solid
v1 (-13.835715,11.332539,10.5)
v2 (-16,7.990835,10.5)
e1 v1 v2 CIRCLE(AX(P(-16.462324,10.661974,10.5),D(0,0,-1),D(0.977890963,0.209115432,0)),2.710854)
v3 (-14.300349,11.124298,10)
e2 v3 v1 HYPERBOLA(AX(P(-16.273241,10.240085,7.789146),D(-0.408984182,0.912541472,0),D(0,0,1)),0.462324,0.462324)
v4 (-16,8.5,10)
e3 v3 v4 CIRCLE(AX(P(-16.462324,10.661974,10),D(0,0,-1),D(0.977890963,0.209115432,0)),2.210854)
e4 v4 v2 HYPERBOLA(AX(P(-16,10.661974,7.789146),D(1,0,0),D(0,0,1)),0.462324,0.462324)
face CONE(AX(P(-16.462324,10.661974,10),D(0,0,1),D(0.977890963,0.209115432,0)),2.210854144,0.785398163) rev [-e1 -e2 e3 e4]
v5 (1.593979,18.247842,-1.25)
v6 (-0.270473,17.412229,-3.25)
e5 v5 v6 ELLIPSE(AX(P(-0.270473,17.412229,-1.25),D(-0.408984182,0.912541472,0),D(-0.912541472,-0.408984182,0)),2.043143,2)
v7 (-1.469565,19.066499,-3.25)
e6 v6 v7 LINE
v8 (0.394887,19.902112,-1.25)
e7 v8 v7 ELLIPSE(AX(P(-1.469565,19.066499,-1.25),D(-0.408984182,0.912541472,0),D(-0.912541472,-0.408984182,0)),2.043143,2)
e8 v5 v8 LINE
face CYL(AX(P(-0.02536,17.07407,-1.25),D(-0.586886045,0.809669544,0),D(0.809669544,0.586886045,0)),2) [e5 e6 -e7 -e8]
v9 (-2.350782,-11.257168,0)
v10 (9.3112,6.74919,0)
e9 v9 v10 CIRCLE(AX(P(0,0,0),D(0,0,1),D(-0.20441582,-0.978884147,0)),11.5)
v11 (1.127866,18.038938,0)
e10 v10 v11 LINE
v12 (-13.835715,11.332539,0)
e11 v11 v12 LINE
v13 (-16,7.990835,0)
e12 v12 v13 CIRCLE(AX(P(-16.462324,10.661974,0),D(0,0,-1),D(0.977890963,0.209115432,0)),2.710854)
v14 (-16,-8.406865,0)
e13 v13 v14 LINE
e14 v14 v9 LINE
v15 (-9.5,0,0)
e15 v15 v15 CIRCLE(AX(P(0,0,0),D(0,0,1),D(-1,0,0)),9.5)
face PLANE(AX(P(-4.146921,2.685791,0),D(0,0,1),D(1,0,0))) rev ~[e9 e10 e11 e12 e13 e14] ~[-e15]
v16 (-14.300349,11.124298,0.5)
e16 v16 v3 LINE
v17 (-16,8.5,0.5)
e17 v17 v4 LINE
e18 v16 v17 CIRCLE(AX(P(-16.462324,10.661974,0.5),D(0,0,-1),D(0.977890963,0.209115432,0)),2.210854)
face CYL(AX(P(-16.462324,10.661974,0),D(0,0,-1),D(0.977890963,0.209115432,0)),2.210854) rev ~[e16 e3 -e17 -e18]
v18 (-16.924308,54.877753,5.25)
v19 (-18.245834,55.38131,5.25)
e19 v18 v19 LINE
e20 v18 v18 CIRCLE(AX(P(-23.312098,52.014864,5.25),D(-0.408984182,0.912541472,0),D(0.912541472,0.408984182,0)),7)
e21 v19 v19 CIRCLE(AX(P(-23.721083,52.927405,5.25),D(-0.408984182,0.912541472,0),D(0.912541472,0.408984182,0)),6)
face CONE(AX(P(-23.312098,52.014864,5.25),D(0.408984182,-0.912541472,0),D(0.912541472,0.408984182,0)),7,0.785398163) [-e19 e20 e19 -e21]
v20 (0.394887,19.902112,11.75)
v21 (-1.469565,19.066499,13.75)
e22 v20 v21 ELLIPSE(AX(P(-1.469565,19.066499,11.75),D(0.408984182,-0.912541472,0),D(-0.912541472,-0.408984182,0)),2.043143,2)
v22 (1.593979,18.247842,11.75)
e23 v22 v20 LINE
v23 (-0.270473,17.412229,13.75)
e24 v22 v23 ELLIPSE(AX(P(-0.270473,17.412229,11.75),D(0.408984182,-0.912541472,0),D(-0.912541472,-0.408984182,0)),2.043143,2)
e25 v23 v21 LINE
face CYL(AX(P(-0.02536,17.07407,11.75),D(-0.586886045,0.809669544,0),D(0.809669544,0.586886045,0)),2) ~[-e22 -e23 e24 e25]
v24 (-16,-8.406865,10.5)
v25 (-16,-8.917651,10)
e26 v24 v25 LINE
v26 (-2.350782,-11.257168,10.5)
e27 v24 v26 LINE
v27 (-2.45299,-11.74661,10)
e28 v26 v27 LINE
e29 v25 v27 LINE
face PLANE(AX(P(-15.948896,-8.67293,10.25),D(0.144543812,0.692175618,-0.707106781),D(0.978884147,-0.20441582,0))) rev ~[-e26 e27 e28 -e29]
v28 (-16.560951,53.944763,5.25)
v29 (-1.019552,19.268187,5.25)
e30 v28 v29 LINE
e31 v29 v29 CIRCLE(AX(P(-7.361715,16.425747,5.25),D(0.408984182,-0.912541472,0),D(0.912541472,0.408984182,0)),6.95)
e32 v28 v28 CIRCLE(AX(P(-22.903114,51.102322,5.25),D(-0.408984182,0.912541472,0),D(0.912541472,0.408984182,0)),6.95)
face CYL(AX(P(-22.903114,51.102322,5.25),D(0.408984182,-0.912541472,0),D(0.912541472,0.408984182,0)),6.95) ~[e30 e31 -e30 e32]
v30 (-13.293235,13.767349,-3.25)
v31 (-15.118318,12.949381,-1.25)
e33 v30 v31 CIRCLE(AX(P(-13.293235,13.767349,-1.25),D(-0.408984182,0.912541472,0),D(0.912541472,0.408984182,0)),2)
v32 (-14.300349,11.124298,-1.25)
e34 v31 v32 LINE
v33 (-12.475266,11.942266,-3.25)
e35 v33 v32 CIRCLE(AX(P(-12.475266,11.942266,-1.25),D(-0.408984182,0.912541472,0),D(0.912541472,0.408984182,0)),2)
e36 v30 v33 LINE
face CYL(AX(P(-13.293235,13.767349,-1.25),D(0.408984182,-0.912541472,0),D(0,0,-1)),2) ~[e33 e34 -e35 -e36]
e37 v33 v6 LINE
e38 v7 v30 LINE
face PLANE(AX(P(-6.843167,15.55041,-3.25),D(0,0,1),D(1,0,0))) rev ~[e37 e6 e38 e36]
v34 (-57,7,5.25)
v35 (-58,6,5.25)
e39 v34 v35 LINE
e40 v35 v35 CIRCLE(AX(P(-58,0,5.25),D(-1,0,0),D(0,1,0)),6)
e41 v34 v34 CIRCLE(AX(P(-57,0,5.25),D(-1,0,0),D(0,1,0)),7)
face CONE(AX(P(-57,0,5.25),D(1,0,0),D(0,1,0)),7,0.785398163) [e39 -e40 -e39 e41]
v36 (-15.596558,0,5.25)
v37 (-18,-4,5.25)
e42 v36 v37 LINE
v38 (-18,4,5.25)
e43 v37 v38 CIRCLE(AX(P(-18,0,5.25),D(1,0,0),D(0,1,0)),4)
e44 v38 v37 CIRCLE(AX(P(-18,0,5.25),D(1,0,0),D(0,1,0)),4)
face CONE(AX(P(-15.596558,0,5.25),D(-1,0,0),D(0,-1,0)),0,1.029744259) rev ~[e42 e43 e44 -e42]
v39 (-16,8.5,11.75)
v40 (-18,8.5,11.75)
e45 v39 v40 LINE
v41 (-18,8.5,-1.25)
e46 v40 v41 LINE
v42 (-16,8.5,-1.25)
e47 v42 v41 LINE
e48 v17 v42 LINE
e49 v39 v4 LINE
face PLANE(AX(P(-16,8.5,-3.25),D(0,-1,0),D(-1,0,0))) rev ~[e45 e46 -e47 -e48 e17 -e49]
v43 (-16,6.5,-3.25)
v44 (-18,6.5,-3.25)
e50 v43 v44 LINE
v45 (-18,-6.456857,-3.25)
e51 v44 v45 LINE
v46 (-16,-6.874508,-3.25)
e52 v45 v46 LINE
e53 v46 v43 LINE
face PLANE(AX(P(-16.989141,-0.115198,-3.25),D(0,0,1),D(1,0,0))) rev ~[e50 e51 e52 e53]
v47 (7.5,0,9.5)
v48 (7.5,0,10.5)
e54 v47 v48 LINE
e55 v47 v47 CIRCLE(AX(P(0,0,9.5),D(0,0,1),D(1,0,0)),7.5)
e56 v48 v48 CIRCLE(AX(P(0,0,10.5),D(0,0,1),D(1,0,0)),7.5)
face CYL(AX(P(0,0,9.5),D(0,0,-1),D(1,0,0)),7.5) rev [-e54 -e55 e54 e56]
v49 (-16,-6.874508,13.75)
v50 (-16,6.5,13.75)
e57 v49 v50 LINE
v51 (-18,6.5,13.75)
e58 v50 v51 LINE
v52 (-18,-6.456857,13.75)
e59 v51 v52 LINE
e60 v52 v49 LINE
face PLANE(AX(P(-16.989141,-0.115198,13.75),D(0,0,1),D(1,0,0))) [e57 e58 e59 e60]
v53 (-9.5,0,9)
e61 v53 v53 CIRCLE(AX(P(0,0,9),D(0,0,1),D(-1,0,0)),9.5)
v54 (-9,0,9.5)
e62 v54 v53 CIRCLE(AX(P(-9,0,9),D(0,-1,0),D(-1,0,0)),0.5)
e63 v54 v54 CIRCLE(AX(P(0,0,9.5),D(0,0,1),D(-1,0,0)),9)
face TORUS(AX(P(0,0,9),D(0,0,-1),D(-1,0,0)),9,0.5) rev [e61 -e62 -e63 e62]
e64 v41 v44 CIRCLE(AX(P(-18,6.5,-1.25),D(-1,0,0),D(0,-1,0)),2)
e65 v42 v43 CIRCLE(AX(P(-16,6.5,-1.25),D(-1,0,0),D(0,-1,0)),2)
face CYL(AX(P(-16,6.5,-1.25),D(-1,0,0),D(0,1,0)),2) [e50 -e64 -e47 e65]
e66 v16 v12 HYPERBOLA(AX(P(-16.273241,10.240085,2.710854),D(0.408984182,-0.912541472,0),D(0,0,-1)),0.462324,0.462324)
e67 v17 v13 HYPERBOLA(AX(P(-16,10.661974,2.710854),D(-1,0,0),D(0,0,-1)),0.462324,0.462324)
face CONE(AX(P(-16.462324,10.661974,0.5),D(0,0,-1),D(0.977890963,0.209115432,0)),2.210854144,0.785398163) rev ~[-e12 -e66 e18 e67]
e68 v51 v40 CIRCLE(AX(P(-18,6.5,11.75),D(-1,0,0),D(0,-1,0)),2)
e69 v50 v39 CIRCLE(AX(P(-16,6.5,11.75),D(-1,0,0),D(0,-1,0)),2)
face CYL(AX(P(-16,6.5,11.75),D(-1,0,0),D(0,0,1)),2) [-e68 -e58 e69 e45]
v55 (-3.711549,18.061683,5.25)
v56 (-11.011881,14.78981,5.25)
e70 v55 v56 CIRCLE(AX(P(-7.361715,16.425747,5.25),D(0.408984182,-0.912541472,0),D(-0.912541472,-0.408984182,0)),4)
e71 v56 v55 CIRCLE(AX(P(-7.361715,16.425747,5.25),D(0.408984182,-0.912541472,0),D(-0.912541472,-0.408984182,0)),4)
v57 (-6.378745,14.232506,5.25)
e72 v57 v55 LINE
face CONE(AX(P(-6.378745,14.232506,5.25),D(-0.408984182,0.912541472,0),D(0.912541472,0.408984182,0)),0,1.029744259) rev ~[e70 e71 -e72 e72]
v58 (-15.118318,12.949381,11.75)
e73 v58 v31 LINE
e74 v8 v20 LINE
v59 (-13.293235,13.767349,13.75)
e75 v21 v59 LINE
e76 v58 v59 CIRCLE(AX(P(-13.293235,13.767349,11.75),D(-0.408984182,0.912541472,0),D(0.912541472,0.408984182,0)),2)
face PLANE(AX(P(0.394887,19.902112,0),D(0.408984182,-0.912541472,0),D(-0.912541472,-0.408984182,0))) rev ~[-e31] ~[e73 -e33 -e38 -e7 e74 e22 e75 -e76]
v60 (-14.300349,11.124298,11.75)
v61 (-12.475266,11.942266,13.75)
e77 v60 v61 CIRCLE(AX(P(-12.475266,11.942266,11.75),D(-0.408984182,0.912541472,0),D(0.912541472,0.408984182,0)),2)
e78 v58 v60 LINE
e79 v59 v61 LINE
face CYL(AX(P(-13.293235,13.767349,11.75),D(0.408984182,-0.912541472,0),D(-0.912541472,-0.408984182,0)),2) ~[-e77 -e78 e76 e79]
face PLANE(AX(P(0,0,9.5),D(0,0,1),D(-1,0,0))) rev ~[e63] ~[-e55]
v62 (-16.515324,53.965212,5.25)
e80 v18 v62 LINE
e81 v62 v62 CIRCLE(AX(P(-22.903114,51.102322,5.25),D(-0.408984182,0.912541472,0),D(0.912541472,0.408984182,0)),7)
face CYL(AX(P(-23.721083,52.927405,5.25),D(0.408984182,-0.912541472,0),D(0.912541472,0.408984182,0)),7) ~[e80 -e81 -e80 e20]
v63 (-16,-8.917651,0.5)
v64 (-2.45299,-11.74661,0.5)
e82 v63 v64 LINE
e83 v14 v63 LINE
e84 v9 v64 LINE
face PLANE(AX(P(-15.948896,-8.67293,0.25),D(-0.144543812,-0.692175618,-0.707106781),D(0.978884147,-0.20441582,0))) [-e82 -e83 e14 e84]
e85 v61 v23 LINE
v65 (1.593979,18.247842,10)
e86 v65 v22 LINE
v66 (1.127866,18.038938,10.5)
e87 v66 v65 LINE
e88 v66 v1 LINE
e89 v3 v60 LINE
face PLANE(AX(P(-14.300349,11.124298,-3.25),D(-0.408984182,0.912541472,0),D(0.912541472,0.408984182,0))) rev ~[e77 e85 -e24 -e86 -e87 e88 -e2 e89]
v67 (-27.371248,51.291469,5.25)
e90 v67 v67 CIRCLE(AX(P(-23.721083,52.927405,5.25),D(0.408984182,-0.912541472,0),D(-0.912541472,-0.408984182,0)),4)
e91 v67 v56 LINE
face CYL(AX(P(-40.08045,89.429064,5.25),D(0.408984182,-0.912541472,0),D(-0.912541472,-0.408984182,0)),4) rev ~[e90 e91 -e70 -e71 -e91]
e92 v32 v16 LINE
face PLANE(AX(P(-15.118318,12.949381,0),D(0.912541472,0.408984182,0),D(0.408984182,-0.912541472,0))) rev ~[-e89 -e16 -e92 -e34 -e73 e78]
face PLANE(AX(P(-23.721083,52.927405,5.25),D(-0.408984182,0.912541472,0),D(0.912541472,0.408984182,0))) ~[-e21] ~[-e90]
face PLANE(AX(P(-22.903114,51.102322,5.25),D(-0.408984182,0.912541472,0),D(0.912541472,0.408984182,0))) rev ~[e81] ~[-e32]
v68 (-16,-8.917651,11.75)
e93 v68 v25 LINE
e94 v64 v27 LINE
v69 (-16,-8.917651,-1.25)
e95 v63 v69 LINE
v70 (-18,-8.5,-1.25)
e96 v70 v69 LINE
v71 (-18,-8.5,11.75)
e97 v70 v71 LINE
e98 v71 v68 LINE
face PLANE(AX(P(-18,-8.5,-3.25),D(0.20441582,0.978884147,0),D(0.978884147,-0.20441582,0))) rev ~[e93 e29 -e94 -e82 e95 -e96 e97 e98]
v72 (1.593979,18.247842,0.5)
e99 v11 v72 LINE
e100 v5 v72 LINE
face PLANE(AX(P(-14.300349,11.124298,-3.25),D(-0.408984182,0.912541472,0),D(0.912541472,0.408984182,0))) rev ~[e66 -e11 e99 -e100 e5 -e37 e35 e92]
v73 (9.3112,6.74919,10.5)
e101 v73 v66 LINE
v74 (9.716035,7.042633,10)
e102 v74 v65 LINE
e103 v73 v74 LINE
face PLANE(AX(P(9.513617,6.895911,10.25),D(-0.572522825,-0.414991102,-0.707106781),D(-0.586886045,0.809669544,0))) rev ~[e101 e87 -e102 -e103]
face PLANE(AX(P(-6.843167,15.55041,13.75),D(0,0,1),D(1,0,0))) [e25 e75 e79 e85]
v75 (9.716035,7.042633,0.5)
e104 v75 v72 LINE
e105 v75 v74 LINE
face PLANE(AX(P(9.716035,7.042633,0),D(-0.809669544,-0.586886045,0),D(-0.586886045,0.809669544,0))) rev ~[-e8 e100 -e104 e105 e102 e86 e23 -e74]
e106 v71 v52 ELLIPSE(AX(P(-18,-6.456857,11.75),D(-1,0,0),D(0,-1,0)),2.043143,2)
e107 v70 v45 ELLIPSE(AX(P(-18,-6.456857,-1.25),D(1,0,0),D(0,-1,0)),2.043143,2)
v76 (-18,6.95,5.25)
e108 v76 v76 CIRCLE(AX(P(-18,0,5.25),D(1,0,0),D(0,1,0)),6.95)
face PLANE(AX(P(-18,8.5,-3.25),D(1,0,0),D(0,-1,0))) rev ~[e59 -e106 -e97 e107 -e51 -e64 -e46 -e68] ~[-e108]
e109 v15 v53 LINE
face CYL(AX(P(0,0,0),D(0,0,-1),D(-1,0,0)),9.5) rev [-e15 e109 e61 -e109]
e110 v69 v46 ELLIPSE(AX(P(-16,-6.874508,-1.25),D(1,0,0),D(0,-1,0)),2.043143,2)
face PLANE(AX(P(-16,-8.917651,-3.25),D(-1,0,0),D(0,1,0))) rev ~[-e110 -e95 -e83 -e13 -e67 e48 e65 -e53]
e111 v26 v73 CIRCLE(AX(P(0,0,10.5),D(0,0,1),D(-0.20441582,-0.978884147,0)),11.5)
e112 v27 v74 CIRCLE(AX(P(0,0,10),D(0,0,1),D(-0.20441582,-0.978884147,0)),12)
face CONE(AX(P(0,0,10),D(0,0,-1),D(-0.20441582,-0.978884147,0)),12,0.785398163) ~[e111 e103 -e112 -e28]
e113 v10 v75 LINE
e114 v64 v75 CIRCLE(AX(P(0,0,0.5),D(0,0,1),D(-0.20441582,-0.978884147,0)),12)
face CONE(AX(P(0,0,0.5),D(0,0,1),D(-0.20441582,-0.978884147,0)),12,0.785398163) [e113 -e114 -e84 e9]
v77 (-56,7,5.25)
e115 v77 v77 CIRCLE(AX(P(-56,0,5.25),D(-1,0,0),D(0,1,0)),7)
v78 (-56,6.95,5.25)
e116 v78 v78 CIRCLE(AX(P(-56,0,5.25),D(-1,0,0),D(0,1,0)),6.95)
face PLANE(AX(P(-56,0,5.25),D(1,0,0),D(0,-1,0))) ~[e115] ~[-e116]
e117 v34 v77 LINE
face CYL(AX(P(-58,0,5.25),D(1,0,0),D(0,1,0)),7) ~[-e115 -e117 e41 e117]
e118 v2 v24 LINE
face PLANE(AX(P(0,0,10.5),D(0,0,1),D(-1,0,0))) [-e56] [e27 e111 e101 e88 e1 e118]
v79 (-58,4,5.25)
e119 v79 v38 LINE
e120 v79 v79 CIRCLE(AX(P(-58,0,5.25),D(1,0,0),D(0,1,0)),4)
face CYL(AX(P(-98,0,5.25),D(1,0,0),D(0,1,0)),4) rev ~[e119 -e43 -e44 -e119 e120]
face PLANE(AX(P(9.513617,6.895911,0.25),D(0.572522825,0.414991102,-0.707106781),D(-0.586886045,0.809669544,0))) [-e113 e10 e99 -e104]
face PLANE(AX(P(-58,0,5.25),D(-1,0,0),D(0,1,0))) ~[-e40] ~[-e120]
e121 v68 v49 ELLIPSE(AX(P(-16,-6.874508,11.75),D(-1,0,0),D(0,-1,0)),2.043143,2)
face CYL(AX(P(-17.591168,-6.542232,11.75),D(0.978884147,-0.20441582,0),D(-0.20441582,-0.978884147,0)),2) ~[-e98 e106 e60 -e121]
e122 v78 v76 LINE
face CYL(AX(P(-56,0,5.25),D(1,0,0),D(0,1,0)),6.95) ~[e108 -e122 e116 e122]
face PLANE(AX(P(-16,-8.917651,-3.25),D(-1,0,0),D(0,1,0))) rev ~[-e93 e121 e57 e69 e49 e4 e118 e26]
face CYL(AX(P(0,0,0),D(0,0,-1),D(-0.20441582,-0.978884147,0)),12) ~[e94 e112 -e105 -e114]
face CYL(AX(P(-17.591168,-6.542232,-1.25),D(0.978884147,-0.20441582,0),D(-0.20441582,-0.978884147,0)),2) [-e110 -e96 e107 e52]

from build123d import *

# Parameters (mm, degrees)
SZKIC1_R                         = 9.5
DODANIE_WYCI_GNI_CIE1_DEPTH      = 10.5
DODANIE_WYCI_GNI_CIE2_START      = -1
SZKIC4_R                         = 9.5
SZKIC4_R_2                       = 7.5
DODANIE_WYCI_GNI_CIE2_DEPTH      = 1
DODANIE_WYCI_GNI_CIE5_DEPTH      = 3.25
DODANIE_WYCI_GNI_CIE5_DEPTH_BACK = 13.75
ZAOKR_GLENIE1_R                  = 2
SFAZOWANIE1_SIZE                 = 0.5
ZAOKR_GLENIE2_R                  = 0.5
SFAZOWANIE2_SIZE                 = 1
OTWORY_USTALAJ_CE_8_0MM4_D       = 8
OTWORY_USTALAJ_CE_8_0MM4_DEPTH   = 40
OTWORY_USTALAJ_CE_8_0MM4_TIP     = 2.403442476110241
OTWORY_USTALAJ_CE_8_0MM2_D       = 8
OTWORY_USTALAJ_CE_8_0MM2_DEPTH   = 40
OTWORY_USTALAJ_CE_8_0MM2_TIP     = 2.403442476110241


with BuildPart() as part:
    # Szkic1 → Dodanie-wyciągnięcie1 (new body)
    with BuildSketch(Plane.XY):
        with BuildLine():
            Line((-18, -8.500000000000002), (-2.452989835267137, -11.746609760610767))
            ThreePointArc((-2.452989835267137, -11.746609760610767), (10.072083256378775, -6.523276697839391), (9.716034523496084, 7.042632543178169))
            Line((9.716034523496084, 7.042632543178169), (0.3948872336267733, 19.902112050551786))
            Line((0.3948872336267733, 19.902112050551786), (-15.118317795339578, 12.949380951965187))
            Line((-15.118317795339578, 12.949380951965187), (-14.300349430799978, 11.124298007380911))
            ThreePointArc((-14.300349430799978, 11.124298007380911), (-14.606664802217058, 9.460139845161555), (-16, 8.499999999999996))
            Line((-16, 8.499999999999996), (-18, 8.499999999999998))
            Line((-18, 8.499999999999998), (-18, -8.500000000000002))
        make_face()
        with Locations(Location((0, 0, 0), (0, 0, 180))):
            Circle(SZKIC1_R, mode=Mode.SUBTRACT)
    extrude(amount=DODANIE_WYCI_GNI_CIE1_DEPTH)

    # Szkic2 → Obrót1 (revolve)
    with BuildSketch(Plane.XY.offset(5.25), mode=Mode.PRIVATE) as obr_t1_sk:
        Polygon((-57.99999999999999, -6.94e-15), (-57.99999999999999, -7.000000000000007), (-55.99999999999999, -7.000000000000007), (-55.99999999999999, -6.950000000000007), (-18.000000000000004, -6.950000000000007), (-18, -2.2e-15), align=None)
    revolve(obr_t1_sk.sketch.rotate(Axis((0, 0, 5.25), (-1, -1.2e-16, 0)), 180), axis=Axis((0, 0, 5.25), (-1, -1.2e-16, 0)))

    # Szkic3 → Obrót2 (revolve)
    with BuildSketch(Plane.XY.offset(5.25)):
        Polygon((-23.721082571648417, 52.927405392943996), (-17.333292265603436, 55.79029466883262), (-16.515323901063837, 53.96521172424835), (-16.560950974678434, 53.94476251513487), (-1.0195520484260303, 19.26818656803362), (-7.361715280856409, 16.425746501258498), align=None)
    revolve(axis=Axis((0, 0, 5.25), (-0.4089841822698003, 0.9125414722921379, 0)))

    # Szkic4 → Dodanie-wyciągnięcie2 (add)
    with BuildSketch(Plane.XY.offset(10.5).offset(DODANIE_WYCI_GNI_CIE2_START)):
        with Locations(Location((0, 0, 0), (0, 0, 180))):
            Circle(SZKIC4_R)
        Circle(SZKIC4_R_2, mode=Mode.SUBTRACT)
    extrude(amount=DODANIE_WYCI_GNI_CIE2_DEPTH)

    # Szkic8 → Dodanie-wyciągnięcie5 (add, two sides: drawn at the far end of the back side and taken through both)
    with BuildSketch(Plane.XY.offset(10.5).offset(-DODANIE_WYCI_GNI_CIE5_DEPTH_BACK)):
        Polygon((-18, 8.499999999999998), (-18, -8.500000000000002), (-15.999999999999996, -8.917650689902482), (-16, 8.499999999999996), align=None)
        Polygon((1.5939791736338076, 18.247841631851692), (0.3948872336267733, 19.902112050551786), (-15.118317795339578, 12.949380951965187), (-14.300349430799978, 11.124298007380911), align=None)
    extrude(amount=DODANIE_WYCI_GNI_CIE5_DEPTH + DODANIE_WYCI_GNI_CIE5_DEPTH_BACK)

    # Zaokrąglenie1
    zaokr_glenie1_edges = [part.edges().sort_by_distance(p)[0] for p in [
        (-17, -8.708825344951242, -3.25),
        (-17, 8.499999999999996, -3.25),
        (-17, 8.499999999999996, 13.75),
        (-17, -8.708825344951242, 13.75),
        (0.9944332036302904, 19.07497684120174, -3.25),
        (-14.709333613069777, 12.036839479673048, -3.25),
        (-14.709333613069777, 12.036839479673048, 13.75),
        (0.9944332036302904, 19.07497684120174, 13.75),
    ]]
    fillet(zaokr_glenie1_edges, radius=ZAOKR_GLENIE1_R)

    # Sfazowanie1
    sfazowanie1_edges = [part.edges().sort_by_distance(p)[0] for p in [
        (5.655006848564945, 12.645237087514932, 0),
        (10.072083256378772, -6.523276697839393, 0),
        (-14.606664802217058, 9.460139845161555, 10.5),
        (10.072083256378772, -6.523276697839393, 10.5),
        (-9.226494917633566, -10.332130225256623, 0),
        (-9.226494917633566, -10.332130225256623, 10.5),
        (5.655006848564945, 12.645237087514932, 10.5),
        (-14.606664802217058, 9.460139845161555, 0),
    ]]
    chamfer(sfazowanie1_edges, length=SFAZOWANIE1_SIZE)

    # Zaokrąglenie2
    zaokr_glenie2_edges = [part.edges().sort_by_distance(p)[0] for p in [
        (9.5, -2.33e-15, 9.5),
    ]]
    fillet(zaokr_glenie2_edges, radius=ZAOKR_GLENIE2_R)

    # Sfazowanie2
    sfazowanie2_edges = [part.edges().sort_by_distance(p)[0] for p in [
        (-57.99999999999999, -7.000000000000007, 5.249999999999998),
        (-30.108872877693408, 50.06451611705539, 5.249999999999999),
    ]]
    chamfer(sfazowanie2_edges, length=SFAZOWANIE2_SIZE)

    # Otwory ustalające Ø8.0mm4
    with Locations(Plane(origin=(-23.721082572, 52.927405393, 5.25), x_dir=(0.912541472292, 0.40898418227, 0), z_dir=(-0.40898418227, 0.912541472292, 0))):
        with Locations((0, 0)):
            Hole(OTWORY_USTALAJ_CE_8_0MM4_D / 2, depth=OTWORY_USTALAJ_CE_8_0MM4_DEPTH)
            with Locations((0, 0, -(OTWORY_USTALAJ_CE_8_0MM4_DEPTH + OTWORY_USTALAJ_CE_8_0MM4_TIP / 2))):  # 118° drill point
                Cone(0, OTWORY_USTALAJ_CE_8_0MM4_D / 2, OTWORY_USTALAJ_CE_8_0MM4_TIP, mode=Mode.SUBTRACT)

    # Otwory ustalające Ø8.0mm2
    with Locations(Plane(origin=(-58, 0, 5.25), x_dir=(0, -1, 0), z_dir=(-1, 0, 0))):
        with Locations((0, 0)):
            Hole(OTWORY_USTALAJ_CE_8_0MM2_D / 2, depth=OTWORY_USTALAJ_CE_8_0MM2_DEPTH)
            with Locations((0, 0, -(OTWORY_USTALAJ_CE_8_0MM2_DEPTH + OTWORY_USTALAJ_CE_8_0MM2_TIP / 2))):  # 118° drill point
                Cone(0, OTWORY_USTALAJ_CE_8_0MM2_D / 2, OTWORY_USTALAJ_CE_8_0MM2_TIP, mode=Mode.SUBTRACT)


solid = part.part
